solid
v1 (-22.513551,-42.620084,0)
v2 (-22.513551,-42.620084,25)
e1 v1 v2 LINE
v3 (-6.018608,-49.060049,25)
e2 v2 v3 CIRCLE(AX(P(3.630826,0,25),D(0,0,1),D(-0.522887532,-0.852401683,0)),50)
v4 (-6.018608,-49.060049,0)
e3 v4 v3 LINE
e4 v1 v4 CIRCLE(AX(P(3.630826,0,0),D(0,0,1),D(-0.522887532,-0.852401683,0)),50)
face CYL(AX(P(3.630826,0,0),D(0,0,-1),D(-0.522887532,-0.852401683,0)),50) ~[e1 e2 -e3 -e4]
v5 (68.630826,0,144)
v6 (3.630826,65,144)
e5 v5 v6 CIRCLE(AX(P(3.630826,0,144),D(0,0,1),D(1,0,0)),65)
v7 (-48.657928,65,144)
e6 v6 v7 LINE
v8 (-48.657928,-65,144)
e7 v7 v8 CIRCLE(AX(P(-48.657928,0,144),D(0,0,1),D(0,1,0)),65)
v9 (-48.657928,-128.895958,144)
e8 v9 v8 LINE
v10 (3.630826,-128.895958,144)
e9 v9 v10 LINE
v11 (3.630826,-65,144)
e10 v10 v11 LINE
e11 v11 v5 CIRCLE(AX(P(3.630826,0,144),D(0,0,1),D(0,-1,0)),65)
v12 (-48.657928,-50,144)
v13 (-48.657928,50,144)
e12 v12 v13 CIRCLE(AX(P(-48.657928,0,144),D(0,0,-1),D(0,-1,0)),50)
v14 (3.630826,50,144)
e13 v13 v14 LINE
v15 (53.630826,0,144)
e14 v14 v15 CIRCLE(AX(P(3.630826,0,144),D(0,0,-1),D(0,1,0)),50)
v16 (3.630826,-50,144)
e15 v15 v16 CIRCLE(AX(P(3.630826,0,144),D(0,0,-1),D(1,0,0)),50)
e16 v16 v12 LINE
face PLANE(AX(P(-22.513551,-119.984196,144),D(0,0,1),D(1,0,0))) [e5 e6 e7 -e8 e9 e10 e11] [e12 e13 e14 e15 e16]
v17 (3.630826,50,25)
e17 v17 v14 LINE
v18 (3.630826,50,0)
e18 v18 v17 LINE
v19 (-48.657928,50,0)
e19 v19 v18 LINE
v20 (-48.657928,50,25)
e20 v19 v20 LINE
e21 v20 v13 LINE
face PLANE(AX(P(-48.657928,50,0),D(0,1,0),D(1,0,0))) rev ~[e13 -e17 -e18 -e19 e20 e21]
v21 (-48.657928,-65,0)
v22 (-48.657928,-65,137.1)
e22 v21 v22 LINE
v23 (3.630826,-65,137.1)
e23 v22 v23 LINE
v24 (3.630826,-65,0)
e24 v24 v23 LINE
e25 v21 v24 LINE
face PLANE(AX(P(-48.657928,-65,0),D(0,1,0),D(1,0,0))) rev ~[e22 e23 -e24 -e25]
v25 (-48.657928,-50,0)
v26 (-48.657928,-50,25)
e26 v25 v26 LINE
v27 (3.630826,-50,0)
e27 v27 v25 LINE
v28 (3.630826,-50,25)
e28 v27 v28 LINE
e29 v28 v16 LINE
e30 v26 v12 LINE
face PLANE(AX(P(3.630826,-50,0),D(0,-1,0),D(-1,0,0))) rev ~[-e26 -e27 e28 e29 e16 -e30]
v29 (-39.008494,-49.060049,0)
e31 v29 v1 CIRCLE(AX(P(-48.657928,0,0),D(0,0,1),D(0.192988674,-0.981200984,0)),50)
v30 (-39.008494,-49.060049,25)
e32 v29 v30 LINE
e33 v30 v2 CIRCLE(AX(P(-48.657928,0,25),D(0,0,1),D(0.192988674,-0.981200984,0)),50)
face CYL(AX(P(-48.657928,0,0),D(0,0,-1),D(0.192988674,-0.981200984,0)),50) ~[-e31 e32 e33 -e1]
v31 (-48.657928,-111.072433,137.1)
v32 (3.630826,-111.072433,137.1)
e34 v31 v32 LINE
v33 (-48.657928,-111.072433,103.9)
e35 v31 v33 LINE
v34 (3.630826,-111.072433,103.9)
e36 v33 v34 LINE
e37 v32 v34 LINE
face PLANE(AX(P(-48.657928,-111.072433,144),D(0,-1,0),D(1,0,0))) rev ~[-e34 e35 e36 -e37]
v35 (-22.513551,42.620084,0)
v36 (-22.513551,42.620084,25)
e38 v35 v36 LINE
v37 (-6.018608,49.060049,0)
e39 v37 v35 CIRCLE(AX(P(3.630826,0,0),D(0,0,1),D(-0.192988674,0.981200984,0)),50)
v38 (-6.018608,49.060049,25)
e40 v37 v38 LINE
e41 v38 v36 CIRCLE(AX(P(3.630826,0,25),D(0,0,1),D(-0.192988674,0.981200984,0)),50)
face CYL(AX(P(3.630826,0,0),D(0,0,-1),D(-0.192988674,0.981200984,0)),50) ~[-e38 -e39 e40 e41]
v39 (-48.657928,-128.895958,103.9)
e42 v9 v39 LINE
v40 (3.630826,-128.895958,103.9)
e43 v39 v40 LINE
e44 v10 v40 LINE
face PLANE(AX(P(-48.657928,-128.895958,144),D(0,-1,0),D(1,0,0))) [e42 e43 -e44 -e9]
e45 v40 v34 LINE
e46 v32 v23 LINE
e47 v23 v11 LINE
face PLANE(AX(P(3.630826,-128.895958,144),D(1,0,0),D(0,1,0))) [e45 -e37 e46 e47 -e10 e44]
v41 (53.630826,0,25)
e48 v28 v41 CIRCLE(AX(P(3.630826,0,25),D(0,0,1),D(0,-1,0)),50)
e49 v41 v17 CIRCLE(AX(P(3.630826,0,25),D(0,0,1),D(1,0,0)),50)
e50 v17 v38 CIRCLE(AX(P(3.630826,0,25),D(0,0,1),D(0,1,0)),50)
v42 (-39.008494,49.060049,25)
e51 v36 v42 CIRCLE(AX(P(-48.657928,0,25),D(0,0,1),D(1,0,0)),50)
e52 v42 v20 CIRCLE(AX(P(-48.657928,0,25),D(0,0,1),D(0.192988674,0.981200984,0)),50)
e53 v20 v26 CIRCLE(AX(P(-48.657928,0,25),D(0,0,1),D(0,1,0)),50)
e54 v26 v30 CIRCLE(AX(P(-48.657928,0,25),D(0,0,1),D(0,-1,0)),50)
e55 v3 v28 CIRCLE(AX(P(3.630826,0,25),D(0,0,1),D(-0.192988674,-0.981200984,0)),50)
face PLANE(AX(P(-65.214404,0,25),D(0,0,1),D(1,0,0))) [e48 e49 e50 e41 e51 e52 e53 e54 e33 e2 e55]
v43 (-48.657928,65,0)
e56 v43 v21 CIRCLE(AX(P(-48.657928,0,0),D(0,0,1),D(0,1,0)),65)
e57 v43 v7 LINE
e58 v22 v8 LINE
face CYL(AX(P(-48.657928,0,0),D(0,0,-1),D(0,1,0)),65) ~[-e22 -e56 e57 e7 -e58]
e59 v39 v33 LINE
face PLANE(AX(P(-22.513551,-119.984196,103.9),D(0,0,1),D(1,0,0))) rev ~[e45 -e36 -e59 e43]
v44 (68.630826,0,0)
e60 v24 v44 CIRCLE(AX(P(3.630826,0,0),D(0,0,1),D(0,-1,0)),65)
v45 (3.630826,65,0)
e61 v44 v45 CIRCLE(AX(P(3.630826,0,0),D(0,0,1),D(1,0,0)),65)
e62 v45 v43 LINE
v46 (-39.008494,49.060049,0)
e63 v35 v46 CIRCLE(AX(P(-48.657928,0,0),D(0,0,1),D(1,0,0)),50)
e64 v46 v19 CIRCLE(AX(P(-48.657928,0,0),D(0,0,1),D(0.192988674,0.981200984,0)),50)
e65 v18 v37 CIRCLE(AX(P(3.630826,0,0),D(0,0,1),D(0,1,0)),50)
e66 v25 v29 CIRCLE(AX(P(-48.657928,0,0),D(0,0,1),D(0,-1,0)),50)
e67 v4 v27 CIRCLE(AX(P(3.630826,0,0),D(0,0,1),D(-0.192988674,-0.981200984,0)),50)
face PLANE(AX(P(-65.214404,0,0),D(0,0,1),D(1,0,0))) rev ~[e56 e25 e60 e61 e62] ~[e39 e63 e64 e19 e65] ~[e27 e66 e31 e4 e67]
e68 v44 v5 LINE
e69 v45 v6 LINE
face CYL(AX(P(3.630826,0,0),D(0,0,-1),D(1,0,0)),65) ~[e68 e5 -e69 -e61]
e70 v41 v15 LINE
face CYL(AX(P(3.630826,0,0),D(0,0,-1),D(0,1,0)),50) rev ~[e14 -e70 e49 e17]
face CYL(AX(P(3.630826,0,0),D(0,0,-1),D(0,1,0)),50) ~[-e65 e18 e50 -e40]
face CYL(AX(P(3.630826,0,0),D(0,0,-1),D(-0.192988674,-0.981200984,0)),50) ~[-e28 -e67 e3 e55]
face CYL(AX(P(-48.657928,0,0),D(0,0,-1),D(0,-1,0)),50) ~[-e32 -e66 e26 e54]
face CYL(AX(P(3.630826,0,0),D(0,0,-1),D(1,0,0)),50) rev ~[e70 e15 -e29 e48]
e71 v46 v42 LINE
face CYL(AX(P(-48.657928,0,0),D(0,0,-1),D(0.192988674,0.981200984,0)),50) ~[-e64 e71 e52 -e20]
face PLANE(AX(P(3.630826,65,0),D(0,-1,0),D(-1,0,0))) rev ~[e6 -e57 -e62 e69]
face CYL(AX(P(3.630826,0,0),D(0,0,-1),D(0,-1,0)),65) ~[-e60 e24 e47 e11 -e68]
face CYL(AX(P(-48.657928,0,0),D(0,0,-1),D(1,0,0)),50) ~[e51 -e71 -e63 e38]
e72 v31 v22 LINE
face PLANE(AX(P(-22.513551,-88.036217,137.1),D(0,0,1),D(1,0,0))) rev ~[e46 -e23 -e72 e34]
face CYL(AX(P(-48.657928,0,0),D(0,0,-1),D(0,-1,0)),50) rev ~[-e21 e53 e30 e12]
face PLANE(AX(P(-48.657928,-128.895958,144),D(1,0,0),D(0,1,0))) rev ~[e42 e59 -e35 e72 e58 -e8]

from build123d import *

# Parameters (mm, degrees)
F1_DEPTH = 144
F2_W     = 52.2887532134
F2_H     = 46.0724334717
F3_DEPTH = 6.9
F2_H_2   = 17.8235247731
F4_DEPTH = 40.1
F5_DEPTH = 25


with BuildPart() as f1:
    # F0 (on Top) → F1 (new body)
    with BuildSketch(Plane.XY):
        with BuildLine():
            ThreePointArc((-22.5135510555, -59.5102644243), (-35.3006672315, -63.6127628215), (-48.6579276621, -65))
            Line((-48.6579276621, -65), (3.6308255512, -65))
            ThreePointArc((3.6308255512, -65), (-9.7264348794, -63.6127628215), (-22.5135510555, -59.5102644243))
        make_face()
        with BuildLine():
            ThreePointArc((-22.5135510555, 59.5102644243), (-35.3006672315, 63.6127628215), (-48.6579276621, 65))
            ThreePointArc((-48.6579276621, 65), (-113.6579276621, 0), (-48.6579276621, -65))
            ThreePointArc((-48.6579276621, -65), (-35.3006672315, -63.6127628215), (-22.5135510555, -59.5102644243))
            ThreePointArc((-22.5135510555, -59.5102644243), (-30.5403925409, -55.2931085589), (-37.9022937634, -50))
            Line((-37.9022937634, -50), (-48.6579276621, -50))
            ThreePointArc((-48.6579276621, -50), (-98.6579276621, 0), (-48.6579276621, 50))
            Line((-48.6579276621, 50), (-37.9022937634, 50))
            ThreePointArc((-37.9022937634, 50), (-30.5403925409, 55.2931085589), (-22.5135510555, 59.5102644243))
        make_face()
        with BuildLine():
            Line((3.6308255512, 65), (-48.6579276621, 65))
            ThreePointArc((-48.6579276621, 65), (-35.3006672315, 63.6127628215), (-22.5135510555, 59.5102644243))
            ThreePointArc((-22.5135510555, 59.5102644243), (-9.7264348794, 63.6127628215), (3.6308255512, 65))
        make_face()
        with BuildLine():
            ThreePointArc((3.6308255512, 65), (-9.7264348794, 63.6127628215), (-22.5135510555, 59.5102644243))
            ThreePointArc((-22.5135510555, 59.5102644243), (-14.48670957, 55.2931085589), (-7.1248083475, 50))
            Line((-7.1248083475, 50), (3.6308255512, 50))
            ThreePointArc((3.6308255512, 50), (38.9861646106, 35.3553390593), (53.6308255512, 0))
            ThreePointArc((53.6308255512, 0), (38.9861646106, -35.3553390593), (3.6308255512, -50))
            Line((3.6308255512, -50), (-7.1248083475, -50))
            ThreePointArc((-7.1248083475, -50), (-14.48670957, -55.2931085589), (-22.5135510555, -59.5102644243))
            ThreePointArc((-22.5135510555, -59.5102644243), (-9.7264348794, -63.6127628215), (3.6308255512, -65))
            ThreePointArc((3.6308255512, -65), (49.5927663284, -45.9619407771), (68.6308255512, 0))
            ThreePointArc((68.6308255512, 0), (49.5927663284, 45.9619407771), (3.6308255512, 65))
        make_face()
        with BuildLine():
            ThreePointArc((-7.1248083475, 50), (-14.48670957, 55.2931085589), (-22.5135510555, 59.5102644243))
            ThreePointArc((-22.5135510555, 59.5102644243), (-30.5403925409, 55.2931085589), (-37.9022937634, 50))
            Line((-37.9022937634, 50), (-7.1248083475, 50))
        make_face()
        with BuildLine():
            ThreePointArc((-37.9022937634, -50), (-30.5403925409, -55.2931085589), (-22.5135510555, -59.5102644243))
            ThreePointArc((-22.5135510555, -59.5102644243), (-14.48670957, -55.2931085589), (-7.1248083475, -50))
            Line((-7.1248083475, -50), (-37.9022937634, -50))
        make_face()
    extrude(amount=F1_DEPTH)

    # F2 (on face) → F3 (join)
    with BuildSketch(Plane.XY.offset(144)):
        with Locations((-22.5135510555, -88.0362167358)):
            Rectangle(F2_W, F2_H)
    extrude(amount=-F3_DEPTH)

    # F2 (on face) → F4 (join)
    with BuildSketch(Plane.XY.offset(144)):
        with Locations((-22.5135510555, -119.9841958582)):
            Rectangle(F2_W, F2_H_2)
    extrude(amount=-F4_DEPTH)

    # F0 (on Top) → F5 (join)
    with BuildSketch(Plane.XY):
        with BuildLine():
            ThreePointArc((-39.0084939829, -49.060049222), (-61.3691744488, 0), (-39.0084939829, 49.060049222))
            ThreePointArc((-39.0084939829, 49.060049222), (-43.810374728, 49.7644575028), (-48.6579276621, 50))
            ThreePointArc((-48.6579276621, 50), (-98.6579276621, 0), (-48.6579276621, -50))
            ThreePointArc((-48.6579276621, -50), (-43.810374728, -49.7644575028), (-39.0084939829, -49.060049222))
        make_face()
        with BuildLine():
            ThreePointArc((-22.5135510555, 42.620084137), (-30.473662451, 46.5760936396), (-39.0084939829, 49.060049222))
            ThreePointArc((-39.0084939829, 49.060049222), (-61.3691744488, 0), (-39.0084939829, -49.060049222))
            ThreePointArc((-39.0084939829, -49.060049222), (-30.473662451, -46.5760936396), (-22.5135510555, -42.620084137))
            ThreePointArc((-22.5135510555, -42.620084137), (-46.3691744488, 0), (-22.5135510555, 42.620084137))
        make_face()
        with BuildLine():
            ThreePointArc((1.3420723379, 0), (-5.0275550398, 24.4211094104), (-22.5135510555, 42.620084137))
            ThreePointArc((-22.5135510555, 42.620084137), (-46.3691744488, 0), (-22.5135510555, -42.620084137))
            ThreePointArc((-22.5135510555, -42.620084137), (-5.0275550398, -24.4211094104), (1.3420723379, 0))
        make_face()
        with BuildLine():
            ThreePointArc((16.3420723379, 0), (10.4883138487, 26.9577839435), (-6.018608128, 49.060049222))
            ThreePointArc((-6.018608128, 49.060049222), (-14.55343966, 46.5760936396), (-22.5135510555, 42.620084137))
            ThreePointArc((-22.5135510555, 42.620084137), (-5.0275550398, 24.4211094104), (1.3420723379, 0))
            ThreePointArc((1.3420723379, 0), (-5.0275550398, -24.4211094104), (-22.5135510555, -42.620084137))
            ThreePointArc((-22.5135510555, -42.620084137), (-14.55343966, -46.5760936396), (-6.018608128, -49.060049222))
            ThreePointArc((-6.018608128, -49.060049222), (10.4883138487, -26.9577839435), (16.3420723379, 0))
        make_face()
        with BuildLine():
            ThreePointArc((3.6308255512, 50), (-1.2167273829, 49.7644575028), (-6.018608128, 49.060049222))
            ThreePointArc((-6.018608128, 49.060049222), (10.4883138487, 26.9577839435), (16.3420723379, 0))
            ThreePointArc((16.3420723379, 0), (10.4883138487, -26.9577839435), (-6.018608128, -49.060049222))
            ThreePointArc((-6.018608128, -49.060049222), (-1.2167273829, -49.7644575028), (3.6308255512, -50))
            ThreePointArc((3.6308255512, -50), (38.9861646106, -35.3553390593), (53.6308255512, 0))
            ThreePointArc((53.6308255512, 0), (38.9861646106, 35.3553390593), (3.6308255512, 50))
        make_face()
    extrude(amount=F5_DEPTH)


solid = f1.part
